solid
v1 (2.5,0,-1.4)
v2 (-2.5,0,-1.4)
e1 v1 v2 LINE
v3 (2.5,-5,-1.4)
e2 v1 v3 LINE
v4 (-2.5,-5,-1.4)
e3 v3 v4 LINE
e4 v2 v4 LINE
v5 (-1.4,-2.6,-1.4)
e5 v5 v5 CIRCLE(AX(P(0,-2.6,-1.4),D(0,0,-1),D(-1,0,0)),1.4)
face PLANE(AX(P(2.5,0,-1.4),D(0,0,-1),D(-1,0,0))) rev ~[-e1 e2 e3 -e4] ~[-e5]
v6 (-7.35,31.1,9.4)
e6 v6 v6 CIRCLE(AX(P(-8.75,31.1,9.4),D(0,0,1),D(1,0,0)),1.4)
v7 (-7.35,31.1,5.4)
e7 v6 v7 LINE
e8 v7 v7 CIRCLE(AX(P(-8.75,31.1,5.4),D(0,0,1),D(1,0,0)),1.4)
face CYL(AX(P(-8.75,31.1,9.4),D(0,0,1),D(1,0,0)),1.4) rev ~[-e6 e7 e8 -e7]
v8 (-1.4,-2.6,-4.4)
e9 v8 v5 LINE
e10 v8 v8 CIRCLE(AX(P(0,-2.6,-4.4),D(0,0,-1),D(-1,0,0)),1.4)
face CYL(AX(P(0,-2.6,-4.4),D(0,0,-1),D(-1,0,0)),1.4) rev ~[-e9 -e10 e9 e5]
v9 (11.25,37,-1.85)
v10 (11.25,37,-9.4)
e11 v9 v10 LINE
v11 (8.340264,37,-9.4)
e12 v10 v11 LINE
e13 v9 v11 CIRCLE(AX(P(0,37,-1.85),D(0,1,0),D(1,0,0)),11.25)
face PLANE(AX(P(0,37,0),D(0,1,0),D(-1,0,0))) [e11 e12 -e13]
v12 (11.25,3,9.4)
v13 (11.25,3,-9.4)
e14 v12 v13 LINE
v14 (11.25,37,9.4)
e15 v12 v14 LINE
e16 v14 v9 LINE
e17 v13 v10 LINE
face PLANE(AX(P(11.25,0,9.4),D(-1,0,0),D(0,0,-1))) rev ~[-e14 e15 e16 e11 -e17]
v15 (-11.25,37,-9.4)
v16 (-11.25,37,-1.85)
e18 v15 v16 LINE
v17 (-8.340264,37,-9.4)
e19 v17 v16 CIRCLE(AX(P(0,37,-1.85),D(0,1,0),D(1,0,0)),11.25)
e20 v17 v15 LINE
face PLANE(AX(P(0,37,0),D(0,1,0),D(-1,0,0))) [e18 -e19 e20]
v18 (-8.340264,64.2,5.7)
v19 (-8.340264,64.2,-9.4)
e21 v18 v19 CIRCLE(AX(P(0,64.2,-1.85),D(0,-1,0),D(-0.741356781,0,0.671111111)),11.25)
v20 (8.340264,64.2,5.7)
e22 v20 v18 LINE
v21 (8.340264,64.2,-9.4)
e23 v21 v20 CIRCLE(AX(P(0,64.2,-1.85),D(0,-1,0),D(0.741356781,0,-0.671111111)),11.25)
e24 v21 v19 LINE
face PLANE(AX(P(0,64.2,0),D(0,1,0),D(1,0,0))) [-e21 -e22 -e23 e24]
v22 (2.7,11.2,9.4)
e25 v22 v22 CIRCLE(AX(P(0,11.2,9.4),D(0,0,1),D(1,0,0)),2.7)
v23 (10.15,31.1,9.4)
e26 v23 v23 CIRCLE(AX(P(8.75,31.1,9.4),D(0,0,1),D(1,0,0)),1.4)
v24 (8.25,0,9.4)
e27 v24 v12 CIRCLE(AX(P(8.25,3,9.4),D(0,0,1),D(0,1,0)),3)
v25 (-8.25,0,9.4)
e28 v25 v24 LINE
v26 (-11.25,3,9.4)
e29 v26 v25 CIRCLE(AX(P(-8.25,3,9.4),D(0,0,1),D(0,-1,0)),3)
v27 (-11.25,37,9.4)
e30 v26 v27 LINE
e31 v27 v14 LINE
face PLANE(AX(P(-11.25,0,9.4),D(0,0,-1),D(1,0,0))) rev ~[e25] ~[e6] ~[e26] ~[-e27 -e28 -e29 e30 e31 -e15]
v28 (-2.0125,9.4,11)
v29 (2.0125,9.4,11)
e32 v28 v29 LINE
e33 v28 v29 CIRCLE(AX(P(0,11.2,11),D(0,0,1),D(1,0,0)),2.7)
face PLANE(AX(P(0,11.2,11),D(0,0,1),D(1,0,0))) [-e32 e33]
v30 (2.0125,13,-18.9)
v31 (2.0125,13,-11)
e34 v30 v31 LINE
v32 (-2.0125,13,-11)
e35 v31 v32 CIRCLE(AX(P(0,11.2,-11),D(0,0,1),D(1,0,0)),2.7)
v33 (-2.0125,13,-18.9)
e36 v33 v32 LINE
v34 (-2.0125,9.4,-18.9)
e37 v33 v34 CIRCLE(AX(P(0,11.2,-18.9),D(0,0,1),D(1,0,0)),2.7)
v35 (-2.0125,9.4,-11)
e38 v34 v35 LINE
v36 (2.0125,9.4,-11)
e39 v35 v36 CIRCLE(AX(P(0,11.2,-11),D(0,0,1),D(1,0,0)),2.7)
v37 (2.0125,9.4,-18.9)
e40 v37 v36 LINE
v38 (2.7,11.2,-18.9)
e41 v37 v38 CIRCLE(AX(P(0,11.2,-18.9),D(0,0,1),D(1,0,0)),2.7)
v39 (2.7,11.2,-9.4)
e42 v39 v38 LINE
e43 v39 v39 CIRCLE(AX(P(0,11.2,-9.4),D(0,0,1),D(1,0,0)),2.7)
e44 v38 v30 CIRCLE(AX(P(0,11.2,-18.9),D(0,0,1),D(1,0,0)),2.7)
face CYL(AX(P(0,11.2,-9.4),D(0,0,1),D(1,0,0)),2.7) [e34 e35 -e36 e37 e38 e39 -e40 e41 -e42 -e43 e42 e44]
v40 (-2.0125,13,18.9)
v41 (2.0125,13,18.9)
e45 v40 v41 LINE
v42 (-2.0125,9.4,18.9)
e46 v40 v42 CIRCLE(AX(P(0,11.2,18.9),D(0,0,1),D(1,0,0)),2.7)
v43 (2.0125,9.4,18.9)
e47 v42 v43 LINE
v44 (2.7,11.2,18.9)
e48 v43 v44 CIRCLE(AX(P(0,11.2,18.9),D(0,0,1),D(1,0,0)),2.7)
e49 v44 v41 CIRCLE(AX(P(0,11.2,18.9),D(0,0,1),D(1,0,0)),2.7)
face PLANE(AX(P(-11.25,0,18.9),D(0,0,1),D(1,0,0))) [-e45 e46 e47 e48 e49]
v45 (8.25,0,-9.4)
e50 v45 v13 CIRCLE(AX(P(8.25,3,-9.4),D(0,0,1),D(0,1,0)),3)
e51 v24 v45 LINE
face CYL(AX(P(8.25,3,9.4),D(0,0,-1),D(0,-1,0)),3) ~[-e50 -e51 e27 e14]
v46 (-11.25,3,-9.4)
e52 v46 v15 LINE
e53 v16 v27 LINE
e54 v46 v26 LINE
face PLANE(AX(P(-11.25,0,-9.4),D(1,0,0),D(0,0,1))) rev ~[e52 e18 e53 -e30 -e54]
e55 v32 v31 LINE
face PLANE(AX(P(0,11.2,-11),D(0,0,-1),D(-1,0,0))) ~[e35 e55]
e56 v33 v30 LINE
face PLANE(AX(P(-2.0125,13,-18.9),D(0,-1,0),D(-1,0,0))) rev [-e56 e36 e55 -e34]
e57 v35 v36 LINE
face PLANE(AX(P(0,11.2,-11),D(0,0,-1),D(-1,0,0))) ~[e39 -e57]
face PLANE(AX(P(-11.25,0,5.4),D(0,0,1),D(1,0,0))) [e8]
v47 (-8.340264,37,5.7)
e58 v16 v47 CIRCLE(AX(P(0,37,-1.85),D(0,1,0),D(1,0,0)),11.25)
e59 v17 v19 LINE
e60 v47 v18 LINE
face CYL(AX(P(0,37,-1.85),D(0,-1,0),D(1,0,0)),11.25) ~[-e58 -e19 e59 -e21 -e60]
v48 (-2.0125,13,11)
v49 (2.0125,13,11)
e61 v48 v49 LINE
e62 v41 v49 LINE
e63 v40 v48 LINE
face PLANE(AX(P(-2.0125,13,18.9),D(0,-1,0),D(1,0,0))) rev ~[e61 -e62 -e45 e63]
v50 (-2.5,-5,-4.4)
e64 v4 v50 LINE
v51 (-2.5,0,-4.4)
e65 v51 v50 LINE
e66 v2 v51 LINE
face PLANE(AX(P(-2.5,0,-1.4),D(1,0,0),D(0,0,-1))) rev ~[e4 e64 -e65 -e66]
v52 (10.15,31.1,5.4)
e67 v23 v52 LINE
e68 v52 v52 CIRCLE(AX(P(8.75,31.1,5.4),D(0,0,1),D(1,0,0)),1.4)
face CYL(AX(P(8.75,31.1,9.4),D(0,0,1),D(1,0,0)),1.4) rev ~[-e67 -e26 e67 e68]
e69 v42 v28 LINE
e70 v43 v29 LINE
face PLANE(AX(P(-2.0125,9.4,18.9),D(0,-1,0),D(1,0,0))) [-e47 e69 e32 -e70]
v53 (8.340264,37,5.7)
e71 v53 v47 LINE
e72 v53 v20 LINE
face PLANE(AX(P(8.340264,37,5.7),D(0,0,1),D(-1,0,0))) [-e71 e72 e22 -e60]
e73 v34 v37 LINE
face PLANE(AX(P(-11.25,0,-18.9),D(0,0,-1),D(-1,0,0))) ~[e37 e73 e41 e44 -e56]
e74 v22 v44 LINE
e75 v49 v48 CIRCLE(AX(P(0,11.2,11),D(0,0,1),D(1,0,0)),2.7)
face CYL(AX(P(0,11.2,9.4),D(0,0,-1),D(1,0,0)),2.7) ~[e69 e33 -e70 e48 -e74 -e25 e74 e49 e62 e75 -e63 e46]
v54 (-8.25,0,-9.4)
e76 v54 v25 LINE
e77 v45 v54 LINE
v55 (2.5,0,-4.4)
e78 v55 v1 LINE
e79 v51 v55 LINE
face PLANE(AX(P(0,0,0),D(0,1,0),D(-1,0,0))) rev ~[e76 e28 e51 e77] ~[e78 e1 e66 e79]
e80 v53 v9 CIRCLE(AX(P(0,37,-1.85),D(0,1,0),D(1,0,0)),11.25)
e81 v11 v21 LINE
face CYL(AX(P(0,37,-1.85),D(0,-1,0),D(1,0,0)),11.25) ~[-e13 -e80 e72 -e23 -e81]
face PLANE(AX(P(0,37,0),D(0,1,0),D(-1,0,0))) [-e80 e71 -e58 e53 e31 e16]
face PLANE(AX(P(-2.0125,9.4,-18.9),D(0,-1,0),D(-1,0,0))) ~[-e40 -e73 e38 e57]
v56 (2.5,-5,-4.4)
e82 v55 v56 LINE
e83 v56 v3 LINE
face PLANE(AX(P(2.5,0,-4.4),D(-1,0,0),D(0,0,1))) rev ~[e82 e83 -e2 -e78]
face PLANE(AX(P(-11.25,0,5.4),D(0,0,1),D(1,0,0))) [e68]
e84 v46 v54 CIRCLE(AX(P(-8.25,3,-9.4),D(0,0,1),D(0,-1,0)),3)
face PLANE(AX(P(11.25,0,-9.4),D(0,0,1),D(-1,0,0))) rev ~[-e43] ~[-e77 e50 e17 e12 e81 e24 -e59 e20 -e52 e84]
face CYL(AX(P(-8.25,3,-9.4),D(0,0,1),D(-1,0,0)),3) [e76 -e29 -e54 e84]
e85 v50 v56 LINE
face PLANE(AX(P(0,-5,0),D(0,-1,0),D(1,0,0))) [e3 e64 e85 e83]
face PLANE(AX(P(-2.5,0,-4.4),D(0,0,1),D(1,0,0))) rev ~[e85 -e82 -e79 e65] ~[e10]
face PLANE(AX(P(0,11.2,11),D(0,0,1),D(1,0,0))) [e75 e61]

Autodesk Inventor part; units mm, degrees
ref_plane "YZ Plane" through (0, 0, 0) normal (1, 0, 0) x (0, 1, 0)
ref_plane "XZ Plane" through (0, 0, 0) normal (0, 1, 0) x (-1, 0, 0)
ref_plane "XY Plane" through (0, 0, 0) normal (0, 0, 1) x (1, 0, 0)
sketch "Sketch1" plane through (0, 0, 0) normal (0, 1, 0) x (-1, 0, 0)
  line L0 (11.25, 9.4) -> (-11.25, 9.4)
  line L1 (-11.25, 9.4) -> (-11.25, -9.4)
  line L2 (-11.25, -9.4) -> (11.25, -9.4)
  line L3 (11.25, -9.4) -> (11.25, 9.4)
  line L4 (11.25, 9.4) -> (-11.25, -9.4) construction
  line L5 (-11.25, 9.4) -> (11.25, -9.4) construction
  point P0 (0, 0)
  dimension "d0" = 22.5
  dimension "d1" = 18.8
extrude "Extrusion1" add sketch "Sketch1" along normal blind 37
sketch "Sketch2" plane through (-11.25, 0, 9.4) normal (0, 0, 1) x (1, 0, 0)
  circle A0 centre (11.25, 11.2) radius 2.7
  line L0 (0, 0) -> (22.5, 0) projected
  line L1 (11.25, 0) -> (11.25, 37) construction
  line L2 (0, 37) -> (22.5, 37) projected
  dimension "d4" = 5.4
  dimension "d5" = 11.2
extrude "Extrusion2" add sketch "Sketch2" along normal blind 9.5
sketch "Sketch3" plane through (0, 11.2, 18.9) normal (0, 0, 1) x (1, 0, 0)
  circle A0 centre (0, 0) radius 2.7 projected
  line L0 (-2.0125, 1.8) -> (2.0125, 1.8)
  line L1 (-2.0125, -1.8) -> (2.0125, -1.8)
  point P0 (0, -11.2)
  dimension "d8" = 3.6
extrude "Extrusion3" cut sketch "Sketch3" against normal blind 7.9 contours L0 A0 | A0 L1
mirror "Mirror1" about plane through (0, 0, 0) normal (0, 0, 1) of "Extrusion2", "Extrusion3"
sketch "Sketch4" plane through (0, 0, 0) normal (0, -1, 0) x (1, 0, 0)
  line L0 (-2.5, -4.4) -> (2.5, -4.4)
  line L1 (2.5, -4.4) -> (2.5, -1.4)
  line L2 (2.5, -1.4) -> (-2.5, -1.4)
  line L3 (-2.5, -1.4) -> (-2.5, -4.4)
  line L4 (-2.5, -4.4) -> (2.5, -1.4) construction
  line L5 (2.5, -4.4) -> (-2.5, -1.4) construction
  line L6 (-11.25, 9.4) -> (11.25, 9.4) construction
  line L7 (0, -26.46) -> (0, 26.46) construction
  point P0 (0, -2.9)
  point P1 (0, -2.9)
  dimension "d11" = 5
  dimension "d12" = 3
  dimension "d22" = 10.8
extrude "Extrusion4" add sketch "Sketch4" along normal blind 5
sketch "Sketch5" plane through (2.5, 0, -4.4) normal (0, 0, -1) x (-1, 0, 0)
  circle A0 centre (2.5, -2.6) radius 1.4
  line L0 (5, -5) -> (0, -5) construction
  line L1 (2.5, 0) -> (2.5, -5) construction
  dimension "d15" = 2.8
  dimension "d16" = 2.4
extrude "Extrusion5" cut sketch "Sketch5" against normal up to next
sketch "Sketch6" plane through (0, 37, 0) normal (0, 1, 0) x (1, 0, 0)
  line L0 (11.25, 9.4) -> (-11.25, 9.4) projected
  line L1 (11.25, -9.4) -> (11.25, 9.4) projected
  line L2 (-11.25, 9.4) -> (11.25, 9.4)
  line L3 (11.25, 9.4) -> (11.25, -5.7)
  line L4 (11.25, -5.7) -> (-11.25, -5.7)
  line L5 (-11.25, -5.7) -> (-11.25, 9.4)
  line L6 (-11.25, -9.4) -> (11.25, -9.4) projected
  circle A0 centre (0, 1.85) radius 11.25
  line L7 (-11.25, 9.4) -> (-11.25, -9.4) projected
  line L8 (11.25, -9.4) -> (11.25, 9.4) projected
  point P0 (0, 0)
  point P1 (-8.3403, 9.4)
  point P2 (-8.3403, -5.7)
  point P3 (8.3403, -5.7)
  point P4 (8.3403, 9.4)
  dimension "d19" = 3.7
  dimension "d23" = 15.1
  dimension "d24" = 7.55
extrude "Extrusion6" add sketch "Sketch6" along normal blind 27.2 contours A0 L4 L0
sketch "Sketch7" plane through (-11.25, 0, 9.4) normal (0, 0, 1) x (1, 0, 0)
  circle A0 centre (2.5, 31.1) radius 1.4
  line L0 (0, 0) -> (22.5, 0) projected
  line L1 (0, 37) -> (22.5, 37) construction
  circle A1 centre (20, 31.1) radius 1.4
  line L2 (0, 0) -> (0, 37) projected
  point P0 (11.25, 0)
  dimension "d25" = 2.8
  dimension "d26" = 31.1
  dimension "d29" = 17.5
  dimension "d34" = 22.5
  dimension "d35" = 2.5
extrude "Extrusion7" cut sketch "Sketch7" against normal blind 4
fillet "Fillet1" radius 3 2 edges at (11.25, 0, 0) (-11.25, 0, 0)
equation "\"d24\" = 0.5 * d23"
equation "\"d35\" = -0.5 * d29 + 0.5 * d34"
properties part number "motor3"
